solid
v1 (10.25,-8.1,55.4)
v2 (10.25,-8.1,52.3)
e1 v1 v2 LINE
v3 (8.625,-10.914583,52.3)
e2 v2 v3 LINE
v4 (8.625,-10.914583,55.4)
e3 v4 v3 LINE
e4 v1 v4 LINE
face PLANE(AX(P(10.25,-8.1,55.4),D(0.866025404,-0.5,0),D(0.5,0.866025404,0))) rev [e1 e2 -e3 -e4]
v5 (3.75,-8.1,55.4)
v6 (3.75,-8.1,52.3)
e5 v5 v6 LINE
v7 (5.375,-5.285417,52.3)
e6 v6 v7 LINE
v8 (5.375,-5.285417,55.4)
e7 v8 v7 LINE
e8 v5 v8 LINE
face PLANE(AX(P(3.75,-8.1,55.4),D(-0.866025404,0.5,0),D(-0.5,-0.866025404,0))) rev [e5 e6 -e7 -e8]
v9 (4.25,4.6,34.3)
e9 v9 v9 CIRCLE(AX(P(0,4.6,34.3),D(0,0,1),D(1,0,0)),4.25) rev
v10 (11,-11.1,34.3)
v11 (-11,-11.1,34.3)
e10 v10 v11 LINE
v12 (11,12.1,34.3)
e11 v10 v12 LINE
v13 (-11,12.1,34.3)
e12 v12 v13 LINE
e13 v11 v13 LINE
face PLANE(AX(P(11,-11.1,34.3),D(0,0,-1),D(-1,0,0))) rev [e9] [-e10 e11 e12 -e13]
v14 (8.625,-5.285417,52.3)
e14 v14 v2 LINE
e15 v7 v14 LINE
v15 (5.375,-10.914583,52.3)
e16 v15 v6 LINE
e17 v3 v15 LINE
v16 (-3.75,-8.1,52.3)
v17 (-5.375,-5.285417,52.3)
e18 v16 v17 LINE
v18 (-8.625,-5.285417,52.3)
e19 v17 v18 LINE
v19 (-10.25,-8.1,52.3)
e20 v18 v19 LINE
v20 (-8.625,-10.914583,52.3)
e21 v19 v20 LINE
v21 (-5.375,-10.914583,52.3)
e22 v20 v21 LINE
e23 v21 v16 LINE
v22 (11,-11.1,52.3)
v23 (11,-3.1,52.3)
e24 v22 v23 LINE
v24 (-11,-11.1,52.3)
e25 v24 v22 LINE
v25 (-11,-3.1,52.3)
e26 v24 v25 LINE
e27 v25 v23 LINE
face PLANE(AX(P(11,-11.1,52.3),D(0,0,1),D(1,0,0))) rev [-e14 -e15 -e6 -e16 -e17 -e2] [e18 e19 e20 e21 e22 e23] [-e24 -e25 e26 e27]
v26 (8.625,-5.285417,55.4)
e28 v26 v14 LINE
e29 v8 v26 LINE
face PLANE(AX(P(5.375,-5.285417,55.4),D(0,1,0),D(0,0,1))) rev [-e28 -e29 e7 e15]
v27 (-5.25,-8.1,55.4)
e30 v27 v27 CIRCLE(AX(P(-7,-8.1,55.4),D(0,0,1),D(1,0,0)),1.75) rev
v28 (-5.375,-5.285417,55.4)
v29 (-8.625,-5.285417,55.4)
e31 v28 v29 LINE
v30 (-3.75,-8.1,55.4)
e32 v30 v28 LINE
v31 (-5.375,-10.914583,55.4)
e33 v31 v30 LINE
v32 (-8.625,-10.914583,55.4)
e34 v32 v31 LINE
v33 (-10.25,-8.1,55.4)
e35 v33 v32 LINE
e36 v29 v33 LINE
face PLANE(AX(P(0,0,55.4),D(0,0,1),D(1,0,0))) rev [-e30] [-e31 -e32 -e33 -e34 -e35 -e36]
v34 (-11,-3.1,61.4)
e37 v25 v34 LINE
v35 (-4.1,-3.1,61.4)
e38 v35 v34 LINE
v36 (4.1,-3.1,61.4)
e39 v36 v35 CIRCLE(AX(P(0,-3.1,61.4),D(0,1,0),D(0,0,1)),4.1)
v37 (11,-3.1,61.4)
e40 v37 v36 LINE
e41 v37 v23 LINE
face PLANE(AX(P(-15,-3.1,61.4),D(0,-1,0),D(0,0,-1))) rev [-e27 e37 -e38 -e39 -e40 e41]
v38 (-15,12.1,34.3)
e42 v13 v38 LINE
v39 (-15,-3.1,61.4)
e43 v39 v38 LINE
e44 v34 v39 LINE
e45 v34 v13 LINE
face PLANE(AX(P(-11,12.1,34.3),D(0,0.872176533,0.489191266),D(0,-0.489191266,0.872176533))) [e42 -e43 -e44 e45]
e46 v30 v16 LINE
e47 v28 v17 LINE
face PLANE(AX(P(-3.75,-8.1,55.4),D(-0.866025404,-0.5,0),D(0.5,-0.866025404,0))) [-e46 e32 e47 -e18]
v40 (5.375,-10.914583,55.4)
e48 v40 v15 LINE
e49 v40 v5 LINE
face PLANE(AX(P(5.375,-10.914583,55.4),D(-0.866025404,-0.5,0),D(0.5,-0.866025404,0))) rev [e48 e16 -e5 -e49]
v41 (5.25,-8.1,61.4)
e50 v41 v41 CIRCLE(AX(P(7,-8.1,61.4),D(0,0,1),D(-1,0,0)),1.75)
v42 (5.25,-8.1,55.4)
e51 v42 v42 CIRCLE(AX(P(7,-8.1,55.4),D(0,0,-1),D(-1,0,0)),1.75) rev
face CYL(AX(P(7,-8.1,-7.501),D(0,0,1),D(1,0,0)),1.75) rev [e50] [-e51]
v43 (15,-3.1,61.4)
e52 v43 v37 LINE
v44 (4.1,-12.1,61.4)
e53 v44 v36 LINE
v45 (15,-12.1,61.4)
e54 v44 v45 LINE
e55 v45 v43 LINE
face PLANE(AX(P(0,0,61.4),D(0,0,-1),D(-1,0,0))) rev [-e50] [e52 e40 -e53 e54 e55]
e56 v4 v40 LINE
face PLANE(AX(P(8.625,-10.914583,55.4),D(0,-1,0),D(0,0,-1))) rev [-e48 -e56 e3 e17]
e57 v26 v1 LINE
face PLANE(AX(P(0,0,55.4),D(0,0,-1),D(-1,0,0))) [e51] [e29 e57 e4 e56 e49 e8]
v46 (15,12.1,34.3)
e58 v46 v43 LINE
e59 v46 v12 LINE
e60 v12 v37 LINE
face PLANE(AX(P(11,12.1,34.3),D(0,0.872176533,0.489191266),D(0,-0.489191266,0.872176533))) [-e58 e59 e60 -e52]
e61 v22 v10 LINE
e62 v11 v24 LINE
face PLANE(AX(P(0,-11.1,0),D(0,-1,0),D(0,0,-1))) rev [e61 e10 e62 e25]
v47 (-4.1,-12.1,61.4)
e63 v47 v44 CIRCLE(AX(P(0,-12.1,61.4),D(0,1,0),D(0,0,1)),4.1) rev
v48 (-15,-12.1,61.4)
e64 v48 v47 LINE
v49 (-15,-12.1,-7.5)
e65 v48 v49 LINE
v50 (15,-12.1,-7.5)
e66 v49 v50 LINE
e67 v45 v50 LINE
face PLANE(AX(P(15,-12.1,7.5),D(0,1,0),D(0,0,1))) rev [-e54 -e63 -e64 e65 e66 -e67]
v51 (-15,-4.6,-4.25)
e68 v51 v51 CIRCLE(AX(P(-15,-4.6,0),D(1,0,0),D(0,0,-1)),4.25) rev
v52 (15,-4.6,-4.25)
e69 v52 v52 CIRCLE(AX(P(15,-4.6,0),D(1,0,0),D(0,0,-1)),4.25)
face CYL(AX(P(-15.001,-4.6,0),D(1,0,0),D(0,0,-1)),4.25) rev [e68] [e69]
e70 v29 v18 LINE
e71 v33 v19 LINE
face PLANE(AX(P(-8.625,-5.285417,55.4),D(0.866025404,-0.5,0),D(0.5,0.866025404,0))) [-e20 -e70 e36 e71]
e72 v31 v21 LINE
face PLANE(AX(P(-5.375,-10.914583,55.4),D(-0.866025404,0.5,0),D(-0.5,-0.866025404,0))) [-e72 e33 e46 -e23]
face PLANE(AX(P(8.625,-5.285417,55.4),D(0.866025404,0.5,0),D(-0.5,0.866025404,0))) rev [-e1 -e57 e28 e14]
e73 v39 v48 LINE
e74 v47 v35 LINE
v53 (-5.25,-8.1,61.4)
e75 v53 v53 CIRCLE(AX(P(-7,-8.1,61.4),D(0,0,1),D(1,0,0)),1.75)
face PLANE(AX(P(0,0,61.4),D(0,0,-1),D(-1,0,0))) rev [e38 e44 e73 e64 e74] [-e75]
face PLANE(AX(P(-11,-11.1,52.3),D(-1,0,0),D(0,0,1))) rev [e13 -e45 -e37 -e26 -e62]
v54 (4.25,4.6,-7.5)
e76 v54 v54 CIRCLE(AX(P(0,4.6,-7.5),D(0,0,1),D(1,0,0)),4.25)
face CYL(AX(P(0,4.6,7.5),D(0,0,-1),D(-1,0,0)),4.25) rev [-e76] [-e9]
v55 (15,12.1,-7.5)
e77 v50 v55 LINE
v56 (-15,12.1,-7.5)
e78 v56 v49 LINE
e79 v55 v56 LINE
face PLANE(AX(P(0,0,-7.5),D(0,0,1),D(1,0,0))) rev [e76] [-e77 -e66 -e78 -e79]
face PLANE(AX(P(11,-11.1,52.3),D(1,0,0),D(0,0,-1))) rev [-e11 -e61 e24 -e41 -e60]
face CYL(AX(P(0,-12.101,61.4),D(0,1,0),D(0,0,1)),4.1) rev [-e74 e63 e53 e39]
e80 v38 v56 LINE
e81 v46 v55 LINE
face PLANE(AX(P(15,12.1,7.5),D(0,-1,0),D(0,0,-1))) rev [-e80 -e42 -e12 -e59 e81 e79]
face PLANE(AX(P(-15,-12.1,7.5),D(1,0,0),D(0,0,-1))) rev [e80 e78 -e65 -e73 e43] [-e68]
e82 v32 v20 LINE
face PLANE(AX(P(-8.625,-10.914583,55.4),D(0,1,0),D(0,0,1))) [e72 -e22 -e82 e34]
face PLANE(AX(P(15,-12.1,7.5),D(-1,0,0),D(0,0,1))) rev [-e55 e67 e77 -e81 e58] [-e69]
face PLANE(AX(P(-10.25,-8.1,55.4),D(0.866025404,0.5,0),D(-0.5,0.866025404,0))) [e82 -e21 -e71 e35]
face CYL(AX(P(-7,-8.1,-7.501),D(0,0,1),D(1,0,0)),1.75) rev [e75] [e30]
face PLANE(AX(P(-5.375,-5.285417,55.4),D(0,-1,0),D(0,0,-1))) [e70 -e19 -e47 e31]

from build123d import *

# Parameters (mm, degrees)
SCHIZZO7_W                   = 30
SCHIZZO7_H                   = 24.2
SCHIZZO7_R                   = 4.25
ESTRUSIONE_ESTRUSIONE3_DEPTH = 7.5
TAGLIO_ESTRUSIONE1_REACH     = 35.206
SCHIZZO8_R                   = 4.25
SCHIZZO12_W                  = 30
SCHIZZO12_H                  = 9
ESTRUSIONE_ESTRUSIONE5_DEPTH = 53.9
TAGLIO_ESTRUSIONE3_REACH     = 67.008
SCHIZZO15_W                  = 22
SCHIZZO15_H                  = 18
TAGLIO_ESTRUSIONE4_DEPTH     = 8
TAGLIO_ESTRUSIONE5_REACH     = 73.545
SCHIZZO16_R                  = 1.75
TAGLIO_ESTRUSIONE6_DEPTH     = 3.1
SCHIZZO20_W                  = 30
SCHIZZO20_H                  = 15.2
SCHIZZO20_R                  = 4.25
ESTRUSIONE_ESTRUSIONE6_DEPTH = 26.8
ESTRUSIONE_ESTRUSIONE7_DEPTH = 4
ESTRUSIONE_ESTRUSIONE8_START = -4
ESTRUSIONE_ESTRUSIONE8_DEPTH = 4


with BuildPart() as part:
    # Schizzo7 → Estrusione-Estrusione3 (new, symmetric)
    with BuildSketch(Plane.XY):
        Rectangle(SCHIZZO7_W, SCHIZZO7_H)
        with Locations((0, 4.6)):
            Circle(SCHIZZO7_R, mode=Mode.SUBTRACT)
    extrude(amount=ESTRUSIONE_ESTRUSIONE3_DEPTH, both=True)

    # Schizzo8 → Taglio-Estrusione1 (cut, up to next)
    with BuildSketch(Plane(origin=(15, 0, 0), x_dir=(0, 0, -1), z_dir=(1, 0, 0)), mode=Mode.PRIVATE) as taglio_estrusione1_sk1:
        with Locations((0, -4.6)):
            Circle(SCHIZZO8_R)
    taglio_estrusione1_tool1 = extrude(taglio_estrusione1_sk1.sketch, amount=-TAGLIO_ESTRUSIONE1_REACH, mode=Mode.PRIVATE) & part.part
    add(taglio_estrusione1_tool1.solids().sort_by_distance((15, -4.6, 0))[0], mode=Mode.SUBTRACT)

    # Schizzo12 → Estrusione-Estrusione5 (add)
    with BuildSketch(Plane.XY.offset(7.5)):
        with Locations((0, -7.6)):
            Rectangle(SCHIZZO12_W, SCHIZZO12_H)
    extrude(amount=ESTRUSIONE_ESTRUSIONE5_DEPTH)

    # Schizzo14 → Taglio-Estrusione3 (cut, up to next)
    with BuildSketch(Plane(origin=(0, -3.1, 0), x_dir=(1, 0, 0), z_dir=(0, 1, 0)), mode=Mode.PRIVATE) as taglio_estrusione3_sk1:
        with BuildLine():
            Line((4.1, -61.4), (-4.1, -61.4))
            ThreePointArc((-4.1, -61.4), (0, -57.3), (4.1, -61.4))
        make_face()
    taglio_estrusione3_tool1 = extrude(taglio_estrusione3_sk1.sketch, amount=-TAGLIO_ESTRUSIONE3_REACH, mode=Mode.PRIVATE) & part.part
    add(taglio_estrusione3_tool1.solids().sort_by_distance((0, -3.1, 59.659906))[0], mode=Mode.SUBTRACT)

    # Schizzo15 → Taglio-Estrusione4 (cut)
    with BuildSketch(Plane(origin=(0, -3.1, 0), x_dir=(1, 0, 0), z_dir=(0, 1, 0))):
        with Locations((0, -43.3)):
            Rectangle(SCHIZZO15_W, SCHIZZO15_H)
    extrude(amount=-TAGLIO_ESTRUSIONE4_DEPTH, mode=Mode.SUBTRACT)

    # Schizzo16 → Taglio-Estrusione5 (cut, up to next)
    with BuildSketch(Plane.XY.offset(61.4), mode=Mode.PRIVATE) as taglio_estrusione5_sk1:
        with Locations((-7, -8.1)):
            Circle(SCHIZZO16_R)
    taglio_estrusione5_tool1 = extrude(taglio_estrusione5_sk1.sketch, amount=-TAGLIO_ESTRUSIONE5_REACH, mode=Mode.PRIVATE) & part.part
    # Schizzo16 → Taglio-Estrusione5 (cut, up to next)
    with BuildSketch(Plane.XY.offset(61.4), mode=Mode.PRIVATE) as taglio_estrusione5_sk2:
        with Locations((7, -8.1)):
            Circle(SCHIZZO16_R)
    taglio_estrusione5_tool2 = extrude(taglio_estrusione5_sk2.sketch, amount=-TAGLIO_ESTRUSIONE5_REACH, mode=Mode.PRIVATE) & part.part
    add(taglio_estrusione5_tool1.solids().sort_by_distance((-7, -8.1, 61.4))[0], mode=Mode.SUBTRACT)
    add(taglio_estrusione5_tool2.solids().sort_by_distance((7, -8.1, 61.4))[0], mode=Mode.SUBTRACT)

    # Schizzo17 → Taglio-Estrusione6 (cut)
    with BuildSketch(Plane(origin=(0, 0, 52.3), x_dir=(-1, 0, 0), z_dir=(0, 0, -1))):
        Polygon((-3.75, -8.1), (-5.375, -5.285417438), (-8.625, -5.285417438), (-10.25, -8.1), (-8.625, -10.914582562), (-5.375, -10.914582562), align=None)
        Polygon((5.375, -10.914582562), (3.75, -8.1), (5.375, -5.285417438), (8.625, -5.285417438), (10.25, -8.1), (8.625, -10.914582562), align=None)
    extrude(amount=-TAGLIO_ESTRUSIONE6_DEPTH, mode=Mode.SUBTRACT)

    # Schizzo20 → Estrusione-Estrusione6 (add)
    with BuildSketch(Plane.XY.offset(7.5)):
        with Locations((0, 4.5)):
            Rectangle(SCHIZZO20_W, SCHIZZO20_H)
        with Locations((0, 4.6)):
            Circle(SCHIZZO20_R, mode=Mode.SUBTRACT)
    extrude(amount=ESTRUSIONE_ESTRUSIONE6_DEPTH)

    # Schizzo21 → Estrusione-Estrusione7 (add)
    with BuildSketch(Plane.ZY.offset(15)):
        Polygon((34.3, 12.1), (61.4, -3.1), (34.3, -3.1), align=None)
    extrude(amount=-ESTRUSIONE_ESTRUSIONE7_DEPTH)

    # Schizzo22 → Estrusione-Estrusione8 (add)
    with BuildSketch(Plane(origin=(15, 0, 0), x_dir=(0, 0, -1), z_dir=(1, 0, 0)).offset(ESTRUSIONE_ESTRUSIONE8_START)):
        Polygon((-34.3, 12.1), (-61.4, -3.1), (-34.3, -3.1), align=None)
    extrude(amount=ESTRUSIONE_ESTRUSIONE8_DEPTH)


solid = part.part
